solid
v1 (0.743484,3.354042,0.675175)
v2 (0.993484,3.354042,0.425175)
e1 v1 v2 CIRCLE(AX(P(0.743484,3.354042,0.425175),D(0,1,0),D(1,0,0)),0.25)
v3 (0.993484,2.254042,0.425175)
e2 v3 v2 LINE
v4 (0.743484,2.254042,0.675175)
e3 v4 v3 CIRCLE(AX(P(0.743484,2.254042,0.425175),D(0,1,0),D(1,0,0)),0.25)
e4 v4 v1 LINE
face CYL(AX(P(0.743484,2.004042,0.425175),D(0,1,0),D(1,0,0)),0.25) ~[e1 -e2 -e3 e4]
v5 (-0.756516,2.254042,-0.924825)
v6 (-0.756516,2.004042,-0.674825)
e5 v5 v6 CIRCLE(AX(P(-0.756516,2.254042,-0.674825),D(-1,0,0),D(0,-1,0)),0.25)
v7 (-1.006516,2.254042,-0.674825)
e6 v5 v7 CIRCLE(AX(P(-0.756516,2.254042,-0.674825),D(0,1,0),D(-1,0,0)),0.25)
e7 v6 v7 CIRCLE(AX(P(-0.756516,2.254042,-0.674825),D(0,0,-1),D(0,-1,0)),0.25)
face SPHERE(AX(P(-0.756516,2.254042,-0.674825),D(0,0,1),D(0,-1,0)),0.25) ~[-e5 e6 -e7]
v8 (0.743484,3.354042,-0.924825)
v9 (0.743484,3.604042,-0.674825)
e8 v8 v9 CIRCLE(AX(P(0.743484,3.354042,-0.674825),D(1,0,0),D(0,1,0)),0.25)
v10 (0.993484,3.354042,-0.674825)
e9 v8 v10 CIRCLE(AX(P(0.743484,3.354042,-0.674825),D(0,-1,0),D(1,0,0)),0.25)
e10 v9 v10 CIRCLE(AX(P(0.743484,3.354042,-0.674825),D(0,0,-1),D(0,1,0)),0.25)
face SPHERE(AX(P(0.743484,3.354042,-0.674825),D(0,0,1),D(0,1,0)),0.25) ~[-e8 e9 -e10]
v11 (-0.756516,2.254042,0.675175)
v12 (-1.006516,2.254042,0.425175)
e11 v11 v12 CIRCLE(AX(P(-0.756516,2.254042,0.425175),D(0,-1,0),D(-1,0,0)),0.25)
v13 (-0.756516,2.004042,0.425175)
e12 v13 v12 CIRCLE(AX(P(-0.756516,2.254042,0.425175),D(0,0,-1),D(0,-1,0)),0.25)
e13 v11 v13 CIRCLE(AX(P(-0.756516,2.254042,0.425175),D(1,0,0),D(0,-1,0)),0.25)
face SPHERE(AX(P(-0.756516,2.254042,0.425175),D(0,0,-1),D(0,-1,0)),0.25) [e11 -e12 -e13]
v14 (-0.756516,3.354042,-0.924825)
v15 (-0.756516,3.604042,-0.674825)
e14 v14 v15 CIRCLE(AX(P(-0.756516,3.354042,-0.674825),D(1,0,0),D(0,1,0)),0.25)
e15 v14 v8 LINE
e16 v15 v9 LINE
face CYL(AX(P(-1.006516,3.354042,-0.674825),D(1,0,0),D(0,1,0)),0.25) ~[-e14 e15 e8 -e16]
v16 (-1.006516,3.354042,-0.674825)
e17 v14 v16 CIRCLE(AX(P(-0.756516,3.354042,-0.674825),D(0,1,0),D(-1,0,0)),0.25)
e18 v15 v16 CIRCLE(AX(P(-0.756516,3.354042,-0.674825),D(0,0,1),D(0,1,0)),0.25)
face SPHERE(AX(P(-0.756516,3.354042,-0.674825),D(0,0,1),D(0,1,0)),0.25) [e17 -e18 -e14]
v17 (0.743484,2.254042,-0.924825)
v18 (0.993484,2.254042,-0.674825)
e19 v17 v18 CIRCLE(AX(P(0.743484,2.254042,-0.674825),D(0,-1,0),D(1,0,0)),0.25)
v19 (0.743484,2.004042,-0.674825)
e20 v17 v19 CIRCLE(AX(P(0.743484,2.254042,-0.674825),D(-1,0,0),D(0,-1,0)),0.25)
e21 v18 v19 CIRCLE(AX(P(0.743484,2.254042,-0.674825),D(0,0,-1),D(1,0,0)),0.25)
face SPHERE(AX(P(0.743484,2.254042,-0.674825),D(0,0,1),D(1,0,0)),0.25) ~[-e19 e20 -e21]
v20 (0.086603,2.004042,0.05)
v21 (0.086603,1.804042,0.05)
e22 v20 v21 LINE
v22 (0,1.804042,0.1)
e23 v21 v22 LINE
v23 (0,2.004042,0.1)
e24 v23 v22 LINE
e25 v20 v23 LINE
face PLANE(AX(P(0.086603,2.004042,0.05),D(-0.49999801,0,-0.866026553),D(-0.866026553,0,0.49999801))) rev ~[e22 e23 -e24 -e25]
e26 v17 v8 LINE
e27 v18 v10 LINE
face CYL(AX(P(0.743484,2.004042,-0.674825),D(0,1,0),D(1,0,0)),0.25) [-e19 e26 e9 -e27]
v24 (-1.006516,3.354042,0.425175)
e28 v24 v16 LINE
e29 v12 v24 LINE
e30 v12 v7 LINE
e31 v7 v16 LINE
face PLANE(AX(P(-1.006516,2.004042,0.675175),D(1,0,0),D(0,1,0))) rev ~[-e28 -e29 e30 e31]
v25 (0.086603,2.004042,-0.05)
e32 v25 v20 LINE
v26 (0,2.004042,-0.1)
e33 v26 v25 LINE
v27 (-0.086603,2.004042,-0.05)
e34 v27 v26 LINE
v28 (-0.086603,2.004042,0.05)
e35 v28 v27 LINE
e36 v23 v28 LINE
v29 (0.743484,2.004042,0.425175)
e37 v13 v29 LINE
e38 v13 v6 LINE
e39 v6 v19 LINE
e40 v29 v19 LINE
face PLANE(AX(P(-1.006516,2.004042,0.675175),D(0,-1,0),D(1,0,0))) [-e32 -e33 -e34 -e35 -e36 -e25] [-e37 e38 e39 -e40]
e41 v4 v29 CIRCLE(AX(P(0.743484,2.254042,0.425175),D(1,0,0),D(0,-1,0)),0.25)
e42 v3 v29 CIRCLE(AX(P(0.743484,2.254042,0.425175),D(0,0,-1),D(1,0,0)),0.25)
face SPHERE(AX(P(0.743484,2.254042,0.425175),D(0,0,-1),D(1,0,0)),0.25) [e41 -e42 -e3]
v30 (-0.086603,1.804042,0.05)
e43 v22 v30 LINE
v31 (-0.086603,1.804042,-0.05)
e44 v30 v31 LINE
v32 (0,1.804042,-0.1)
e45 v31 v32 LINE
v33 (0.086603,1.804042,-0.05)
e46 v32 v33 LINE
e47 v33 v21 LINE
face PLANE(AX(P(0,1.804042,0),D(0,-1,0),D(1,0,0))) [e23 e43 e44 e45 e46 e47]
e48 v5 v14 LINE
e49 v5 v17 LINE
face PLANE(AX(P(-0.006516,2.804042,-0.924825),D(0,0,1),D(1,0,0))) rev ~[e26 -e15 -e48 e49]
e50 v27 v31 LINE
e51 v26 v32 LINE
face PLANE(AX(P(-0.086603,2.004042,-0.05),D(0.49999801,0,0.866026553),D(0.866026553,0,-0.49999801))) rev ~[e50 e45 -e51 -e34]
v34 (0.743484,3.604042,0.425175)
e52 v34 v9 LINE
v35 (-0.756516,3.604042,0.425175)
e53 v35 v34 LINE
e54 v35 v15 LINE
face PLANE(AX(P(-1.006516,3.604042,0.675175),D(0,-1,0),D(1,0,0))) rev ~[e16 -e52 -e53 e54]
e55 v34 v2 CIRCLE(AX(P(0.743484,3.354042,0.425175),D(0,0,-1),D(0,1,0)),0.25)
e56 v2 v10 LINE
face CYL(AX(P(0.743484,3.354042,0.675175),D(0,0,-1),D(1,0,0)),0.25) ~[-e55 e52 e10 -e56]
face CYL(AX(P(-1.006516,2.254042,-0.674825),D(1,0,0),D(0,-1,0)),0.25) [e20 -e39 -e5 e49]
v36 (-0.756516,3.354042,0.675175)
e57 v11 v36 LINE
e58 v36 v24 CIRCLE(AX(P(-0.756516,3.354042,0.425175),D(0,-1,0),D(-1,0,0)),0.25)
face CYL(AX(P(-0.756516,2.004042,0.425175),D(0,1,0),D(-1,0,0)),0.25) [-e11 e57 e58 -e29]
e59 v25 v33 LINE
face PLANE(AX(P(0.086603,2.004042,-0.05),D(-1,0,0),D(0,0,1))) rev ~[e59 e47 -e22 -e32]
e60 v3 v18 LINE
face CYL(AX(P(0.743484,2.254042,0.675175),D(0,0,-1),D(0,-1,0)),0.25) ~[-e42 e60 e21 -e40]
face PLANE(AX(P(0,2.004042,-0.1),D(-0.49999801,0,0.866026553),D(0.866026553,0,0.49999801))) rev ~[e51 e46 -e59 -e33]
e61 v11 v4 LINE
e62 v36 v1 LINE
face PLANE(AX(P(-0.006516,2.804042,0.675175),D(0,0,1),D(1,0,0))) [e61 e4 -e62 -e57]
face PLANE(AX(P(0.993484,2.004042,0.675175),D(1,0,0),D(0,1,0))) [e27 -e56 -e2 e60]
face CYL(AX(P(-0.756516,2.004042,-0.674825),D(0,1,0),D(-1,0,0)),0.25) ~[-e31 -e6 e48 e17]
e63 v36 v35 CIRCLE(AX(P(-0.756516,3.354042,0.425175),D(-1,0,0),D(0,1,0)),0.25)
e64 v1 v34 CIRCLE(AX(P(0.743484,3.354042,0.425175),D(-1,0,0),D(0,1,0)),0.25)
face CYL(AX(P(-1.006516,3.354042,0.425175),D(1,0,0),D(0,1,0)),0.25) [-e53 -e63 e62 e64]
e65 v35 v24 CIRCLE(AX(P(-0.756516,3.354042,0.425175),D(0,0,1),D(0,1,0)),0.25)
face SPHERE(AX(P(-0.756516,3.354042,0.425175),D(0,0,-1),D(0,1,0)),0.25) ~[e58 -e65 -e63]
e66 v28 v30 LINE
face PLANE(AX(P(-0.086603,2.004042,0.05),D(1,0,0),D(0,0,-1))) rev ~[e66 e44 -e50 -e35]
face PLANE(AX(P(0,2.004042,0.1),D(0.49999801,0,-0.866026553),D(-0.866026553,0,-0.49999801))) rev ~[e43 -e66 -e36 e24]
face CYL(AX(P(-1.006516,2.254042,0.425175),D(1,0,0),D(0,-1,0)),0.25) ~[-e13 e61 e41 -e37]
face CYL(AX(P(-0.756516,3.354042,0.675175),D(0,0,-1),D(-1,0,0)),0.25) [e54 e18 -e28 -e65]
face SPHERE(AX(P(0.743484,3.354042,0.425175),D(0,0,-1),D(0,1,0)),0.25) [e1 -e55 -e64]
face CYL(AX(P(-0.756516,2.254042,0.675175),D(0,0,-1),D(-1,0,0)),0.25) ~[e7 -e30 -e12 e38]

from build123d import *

# Parameters (mm, degrees)
SKETCH002_W  = 2
SKETCH002_H  = 1.6
PAD001_DEPTH = 1.6
FILLET003_R  = 0.25
PAD_DEPTH    = 0.2


with BuildPart() as part:
    # Sketch002 → Pad001 (new body)
    with BuildSketch(Plane(origin=(-0.006516, 2.004042, 0.675175), x_dir=(1, 0, 0), z_dir=(0, 0, 1))):
        with Locations((0, 0.8)):
            Rectangle(SKETCH002_W, SKETCH002_H)
    extrude(amount=-PAD001_DEPTH)

    # Fillet003
    fillet003_edges = [part.edges().sort_by_distance(p)[0] for p in [
        (-1.006516, 3.604042, -0.124825),
        (0.993484, 3.604042, -0.124825),
        (-0.006516, 3.604042, 0.675175),
        (-0.006516, 3.604042, -0.924825),
        (0.993484, 2.004042, -0.124825),
        (0.993484, 2.804042, 0.675175),
        (0.993484, 2.804042, -0.924825),
        (-1.006516, 2.004042, -0.124825),
        (-0.006516, 2.004042, 0.675175),
        (-0.006516, 2.004042, -0.924825),
        (-1.006516, 2.804042, 0.675175),
        (-1.006516, 2.804042, -0.924825),
    ]]
    fillet(fillet003_edges, radius=FILLET003_R)

    # Sketch → Pad (new body)
    with BuildSketch(Plane.XZ.offset(-2.004042)):
        Polygon((0, 0.1), (-0.086603, 0.05), (-0.086603, -0.05), (0, -0.1), (0.086603, -0.05), (0.086603, 0.05), align=None)
    extrude(amount=PAD_DEPTH)


solid = part.part
